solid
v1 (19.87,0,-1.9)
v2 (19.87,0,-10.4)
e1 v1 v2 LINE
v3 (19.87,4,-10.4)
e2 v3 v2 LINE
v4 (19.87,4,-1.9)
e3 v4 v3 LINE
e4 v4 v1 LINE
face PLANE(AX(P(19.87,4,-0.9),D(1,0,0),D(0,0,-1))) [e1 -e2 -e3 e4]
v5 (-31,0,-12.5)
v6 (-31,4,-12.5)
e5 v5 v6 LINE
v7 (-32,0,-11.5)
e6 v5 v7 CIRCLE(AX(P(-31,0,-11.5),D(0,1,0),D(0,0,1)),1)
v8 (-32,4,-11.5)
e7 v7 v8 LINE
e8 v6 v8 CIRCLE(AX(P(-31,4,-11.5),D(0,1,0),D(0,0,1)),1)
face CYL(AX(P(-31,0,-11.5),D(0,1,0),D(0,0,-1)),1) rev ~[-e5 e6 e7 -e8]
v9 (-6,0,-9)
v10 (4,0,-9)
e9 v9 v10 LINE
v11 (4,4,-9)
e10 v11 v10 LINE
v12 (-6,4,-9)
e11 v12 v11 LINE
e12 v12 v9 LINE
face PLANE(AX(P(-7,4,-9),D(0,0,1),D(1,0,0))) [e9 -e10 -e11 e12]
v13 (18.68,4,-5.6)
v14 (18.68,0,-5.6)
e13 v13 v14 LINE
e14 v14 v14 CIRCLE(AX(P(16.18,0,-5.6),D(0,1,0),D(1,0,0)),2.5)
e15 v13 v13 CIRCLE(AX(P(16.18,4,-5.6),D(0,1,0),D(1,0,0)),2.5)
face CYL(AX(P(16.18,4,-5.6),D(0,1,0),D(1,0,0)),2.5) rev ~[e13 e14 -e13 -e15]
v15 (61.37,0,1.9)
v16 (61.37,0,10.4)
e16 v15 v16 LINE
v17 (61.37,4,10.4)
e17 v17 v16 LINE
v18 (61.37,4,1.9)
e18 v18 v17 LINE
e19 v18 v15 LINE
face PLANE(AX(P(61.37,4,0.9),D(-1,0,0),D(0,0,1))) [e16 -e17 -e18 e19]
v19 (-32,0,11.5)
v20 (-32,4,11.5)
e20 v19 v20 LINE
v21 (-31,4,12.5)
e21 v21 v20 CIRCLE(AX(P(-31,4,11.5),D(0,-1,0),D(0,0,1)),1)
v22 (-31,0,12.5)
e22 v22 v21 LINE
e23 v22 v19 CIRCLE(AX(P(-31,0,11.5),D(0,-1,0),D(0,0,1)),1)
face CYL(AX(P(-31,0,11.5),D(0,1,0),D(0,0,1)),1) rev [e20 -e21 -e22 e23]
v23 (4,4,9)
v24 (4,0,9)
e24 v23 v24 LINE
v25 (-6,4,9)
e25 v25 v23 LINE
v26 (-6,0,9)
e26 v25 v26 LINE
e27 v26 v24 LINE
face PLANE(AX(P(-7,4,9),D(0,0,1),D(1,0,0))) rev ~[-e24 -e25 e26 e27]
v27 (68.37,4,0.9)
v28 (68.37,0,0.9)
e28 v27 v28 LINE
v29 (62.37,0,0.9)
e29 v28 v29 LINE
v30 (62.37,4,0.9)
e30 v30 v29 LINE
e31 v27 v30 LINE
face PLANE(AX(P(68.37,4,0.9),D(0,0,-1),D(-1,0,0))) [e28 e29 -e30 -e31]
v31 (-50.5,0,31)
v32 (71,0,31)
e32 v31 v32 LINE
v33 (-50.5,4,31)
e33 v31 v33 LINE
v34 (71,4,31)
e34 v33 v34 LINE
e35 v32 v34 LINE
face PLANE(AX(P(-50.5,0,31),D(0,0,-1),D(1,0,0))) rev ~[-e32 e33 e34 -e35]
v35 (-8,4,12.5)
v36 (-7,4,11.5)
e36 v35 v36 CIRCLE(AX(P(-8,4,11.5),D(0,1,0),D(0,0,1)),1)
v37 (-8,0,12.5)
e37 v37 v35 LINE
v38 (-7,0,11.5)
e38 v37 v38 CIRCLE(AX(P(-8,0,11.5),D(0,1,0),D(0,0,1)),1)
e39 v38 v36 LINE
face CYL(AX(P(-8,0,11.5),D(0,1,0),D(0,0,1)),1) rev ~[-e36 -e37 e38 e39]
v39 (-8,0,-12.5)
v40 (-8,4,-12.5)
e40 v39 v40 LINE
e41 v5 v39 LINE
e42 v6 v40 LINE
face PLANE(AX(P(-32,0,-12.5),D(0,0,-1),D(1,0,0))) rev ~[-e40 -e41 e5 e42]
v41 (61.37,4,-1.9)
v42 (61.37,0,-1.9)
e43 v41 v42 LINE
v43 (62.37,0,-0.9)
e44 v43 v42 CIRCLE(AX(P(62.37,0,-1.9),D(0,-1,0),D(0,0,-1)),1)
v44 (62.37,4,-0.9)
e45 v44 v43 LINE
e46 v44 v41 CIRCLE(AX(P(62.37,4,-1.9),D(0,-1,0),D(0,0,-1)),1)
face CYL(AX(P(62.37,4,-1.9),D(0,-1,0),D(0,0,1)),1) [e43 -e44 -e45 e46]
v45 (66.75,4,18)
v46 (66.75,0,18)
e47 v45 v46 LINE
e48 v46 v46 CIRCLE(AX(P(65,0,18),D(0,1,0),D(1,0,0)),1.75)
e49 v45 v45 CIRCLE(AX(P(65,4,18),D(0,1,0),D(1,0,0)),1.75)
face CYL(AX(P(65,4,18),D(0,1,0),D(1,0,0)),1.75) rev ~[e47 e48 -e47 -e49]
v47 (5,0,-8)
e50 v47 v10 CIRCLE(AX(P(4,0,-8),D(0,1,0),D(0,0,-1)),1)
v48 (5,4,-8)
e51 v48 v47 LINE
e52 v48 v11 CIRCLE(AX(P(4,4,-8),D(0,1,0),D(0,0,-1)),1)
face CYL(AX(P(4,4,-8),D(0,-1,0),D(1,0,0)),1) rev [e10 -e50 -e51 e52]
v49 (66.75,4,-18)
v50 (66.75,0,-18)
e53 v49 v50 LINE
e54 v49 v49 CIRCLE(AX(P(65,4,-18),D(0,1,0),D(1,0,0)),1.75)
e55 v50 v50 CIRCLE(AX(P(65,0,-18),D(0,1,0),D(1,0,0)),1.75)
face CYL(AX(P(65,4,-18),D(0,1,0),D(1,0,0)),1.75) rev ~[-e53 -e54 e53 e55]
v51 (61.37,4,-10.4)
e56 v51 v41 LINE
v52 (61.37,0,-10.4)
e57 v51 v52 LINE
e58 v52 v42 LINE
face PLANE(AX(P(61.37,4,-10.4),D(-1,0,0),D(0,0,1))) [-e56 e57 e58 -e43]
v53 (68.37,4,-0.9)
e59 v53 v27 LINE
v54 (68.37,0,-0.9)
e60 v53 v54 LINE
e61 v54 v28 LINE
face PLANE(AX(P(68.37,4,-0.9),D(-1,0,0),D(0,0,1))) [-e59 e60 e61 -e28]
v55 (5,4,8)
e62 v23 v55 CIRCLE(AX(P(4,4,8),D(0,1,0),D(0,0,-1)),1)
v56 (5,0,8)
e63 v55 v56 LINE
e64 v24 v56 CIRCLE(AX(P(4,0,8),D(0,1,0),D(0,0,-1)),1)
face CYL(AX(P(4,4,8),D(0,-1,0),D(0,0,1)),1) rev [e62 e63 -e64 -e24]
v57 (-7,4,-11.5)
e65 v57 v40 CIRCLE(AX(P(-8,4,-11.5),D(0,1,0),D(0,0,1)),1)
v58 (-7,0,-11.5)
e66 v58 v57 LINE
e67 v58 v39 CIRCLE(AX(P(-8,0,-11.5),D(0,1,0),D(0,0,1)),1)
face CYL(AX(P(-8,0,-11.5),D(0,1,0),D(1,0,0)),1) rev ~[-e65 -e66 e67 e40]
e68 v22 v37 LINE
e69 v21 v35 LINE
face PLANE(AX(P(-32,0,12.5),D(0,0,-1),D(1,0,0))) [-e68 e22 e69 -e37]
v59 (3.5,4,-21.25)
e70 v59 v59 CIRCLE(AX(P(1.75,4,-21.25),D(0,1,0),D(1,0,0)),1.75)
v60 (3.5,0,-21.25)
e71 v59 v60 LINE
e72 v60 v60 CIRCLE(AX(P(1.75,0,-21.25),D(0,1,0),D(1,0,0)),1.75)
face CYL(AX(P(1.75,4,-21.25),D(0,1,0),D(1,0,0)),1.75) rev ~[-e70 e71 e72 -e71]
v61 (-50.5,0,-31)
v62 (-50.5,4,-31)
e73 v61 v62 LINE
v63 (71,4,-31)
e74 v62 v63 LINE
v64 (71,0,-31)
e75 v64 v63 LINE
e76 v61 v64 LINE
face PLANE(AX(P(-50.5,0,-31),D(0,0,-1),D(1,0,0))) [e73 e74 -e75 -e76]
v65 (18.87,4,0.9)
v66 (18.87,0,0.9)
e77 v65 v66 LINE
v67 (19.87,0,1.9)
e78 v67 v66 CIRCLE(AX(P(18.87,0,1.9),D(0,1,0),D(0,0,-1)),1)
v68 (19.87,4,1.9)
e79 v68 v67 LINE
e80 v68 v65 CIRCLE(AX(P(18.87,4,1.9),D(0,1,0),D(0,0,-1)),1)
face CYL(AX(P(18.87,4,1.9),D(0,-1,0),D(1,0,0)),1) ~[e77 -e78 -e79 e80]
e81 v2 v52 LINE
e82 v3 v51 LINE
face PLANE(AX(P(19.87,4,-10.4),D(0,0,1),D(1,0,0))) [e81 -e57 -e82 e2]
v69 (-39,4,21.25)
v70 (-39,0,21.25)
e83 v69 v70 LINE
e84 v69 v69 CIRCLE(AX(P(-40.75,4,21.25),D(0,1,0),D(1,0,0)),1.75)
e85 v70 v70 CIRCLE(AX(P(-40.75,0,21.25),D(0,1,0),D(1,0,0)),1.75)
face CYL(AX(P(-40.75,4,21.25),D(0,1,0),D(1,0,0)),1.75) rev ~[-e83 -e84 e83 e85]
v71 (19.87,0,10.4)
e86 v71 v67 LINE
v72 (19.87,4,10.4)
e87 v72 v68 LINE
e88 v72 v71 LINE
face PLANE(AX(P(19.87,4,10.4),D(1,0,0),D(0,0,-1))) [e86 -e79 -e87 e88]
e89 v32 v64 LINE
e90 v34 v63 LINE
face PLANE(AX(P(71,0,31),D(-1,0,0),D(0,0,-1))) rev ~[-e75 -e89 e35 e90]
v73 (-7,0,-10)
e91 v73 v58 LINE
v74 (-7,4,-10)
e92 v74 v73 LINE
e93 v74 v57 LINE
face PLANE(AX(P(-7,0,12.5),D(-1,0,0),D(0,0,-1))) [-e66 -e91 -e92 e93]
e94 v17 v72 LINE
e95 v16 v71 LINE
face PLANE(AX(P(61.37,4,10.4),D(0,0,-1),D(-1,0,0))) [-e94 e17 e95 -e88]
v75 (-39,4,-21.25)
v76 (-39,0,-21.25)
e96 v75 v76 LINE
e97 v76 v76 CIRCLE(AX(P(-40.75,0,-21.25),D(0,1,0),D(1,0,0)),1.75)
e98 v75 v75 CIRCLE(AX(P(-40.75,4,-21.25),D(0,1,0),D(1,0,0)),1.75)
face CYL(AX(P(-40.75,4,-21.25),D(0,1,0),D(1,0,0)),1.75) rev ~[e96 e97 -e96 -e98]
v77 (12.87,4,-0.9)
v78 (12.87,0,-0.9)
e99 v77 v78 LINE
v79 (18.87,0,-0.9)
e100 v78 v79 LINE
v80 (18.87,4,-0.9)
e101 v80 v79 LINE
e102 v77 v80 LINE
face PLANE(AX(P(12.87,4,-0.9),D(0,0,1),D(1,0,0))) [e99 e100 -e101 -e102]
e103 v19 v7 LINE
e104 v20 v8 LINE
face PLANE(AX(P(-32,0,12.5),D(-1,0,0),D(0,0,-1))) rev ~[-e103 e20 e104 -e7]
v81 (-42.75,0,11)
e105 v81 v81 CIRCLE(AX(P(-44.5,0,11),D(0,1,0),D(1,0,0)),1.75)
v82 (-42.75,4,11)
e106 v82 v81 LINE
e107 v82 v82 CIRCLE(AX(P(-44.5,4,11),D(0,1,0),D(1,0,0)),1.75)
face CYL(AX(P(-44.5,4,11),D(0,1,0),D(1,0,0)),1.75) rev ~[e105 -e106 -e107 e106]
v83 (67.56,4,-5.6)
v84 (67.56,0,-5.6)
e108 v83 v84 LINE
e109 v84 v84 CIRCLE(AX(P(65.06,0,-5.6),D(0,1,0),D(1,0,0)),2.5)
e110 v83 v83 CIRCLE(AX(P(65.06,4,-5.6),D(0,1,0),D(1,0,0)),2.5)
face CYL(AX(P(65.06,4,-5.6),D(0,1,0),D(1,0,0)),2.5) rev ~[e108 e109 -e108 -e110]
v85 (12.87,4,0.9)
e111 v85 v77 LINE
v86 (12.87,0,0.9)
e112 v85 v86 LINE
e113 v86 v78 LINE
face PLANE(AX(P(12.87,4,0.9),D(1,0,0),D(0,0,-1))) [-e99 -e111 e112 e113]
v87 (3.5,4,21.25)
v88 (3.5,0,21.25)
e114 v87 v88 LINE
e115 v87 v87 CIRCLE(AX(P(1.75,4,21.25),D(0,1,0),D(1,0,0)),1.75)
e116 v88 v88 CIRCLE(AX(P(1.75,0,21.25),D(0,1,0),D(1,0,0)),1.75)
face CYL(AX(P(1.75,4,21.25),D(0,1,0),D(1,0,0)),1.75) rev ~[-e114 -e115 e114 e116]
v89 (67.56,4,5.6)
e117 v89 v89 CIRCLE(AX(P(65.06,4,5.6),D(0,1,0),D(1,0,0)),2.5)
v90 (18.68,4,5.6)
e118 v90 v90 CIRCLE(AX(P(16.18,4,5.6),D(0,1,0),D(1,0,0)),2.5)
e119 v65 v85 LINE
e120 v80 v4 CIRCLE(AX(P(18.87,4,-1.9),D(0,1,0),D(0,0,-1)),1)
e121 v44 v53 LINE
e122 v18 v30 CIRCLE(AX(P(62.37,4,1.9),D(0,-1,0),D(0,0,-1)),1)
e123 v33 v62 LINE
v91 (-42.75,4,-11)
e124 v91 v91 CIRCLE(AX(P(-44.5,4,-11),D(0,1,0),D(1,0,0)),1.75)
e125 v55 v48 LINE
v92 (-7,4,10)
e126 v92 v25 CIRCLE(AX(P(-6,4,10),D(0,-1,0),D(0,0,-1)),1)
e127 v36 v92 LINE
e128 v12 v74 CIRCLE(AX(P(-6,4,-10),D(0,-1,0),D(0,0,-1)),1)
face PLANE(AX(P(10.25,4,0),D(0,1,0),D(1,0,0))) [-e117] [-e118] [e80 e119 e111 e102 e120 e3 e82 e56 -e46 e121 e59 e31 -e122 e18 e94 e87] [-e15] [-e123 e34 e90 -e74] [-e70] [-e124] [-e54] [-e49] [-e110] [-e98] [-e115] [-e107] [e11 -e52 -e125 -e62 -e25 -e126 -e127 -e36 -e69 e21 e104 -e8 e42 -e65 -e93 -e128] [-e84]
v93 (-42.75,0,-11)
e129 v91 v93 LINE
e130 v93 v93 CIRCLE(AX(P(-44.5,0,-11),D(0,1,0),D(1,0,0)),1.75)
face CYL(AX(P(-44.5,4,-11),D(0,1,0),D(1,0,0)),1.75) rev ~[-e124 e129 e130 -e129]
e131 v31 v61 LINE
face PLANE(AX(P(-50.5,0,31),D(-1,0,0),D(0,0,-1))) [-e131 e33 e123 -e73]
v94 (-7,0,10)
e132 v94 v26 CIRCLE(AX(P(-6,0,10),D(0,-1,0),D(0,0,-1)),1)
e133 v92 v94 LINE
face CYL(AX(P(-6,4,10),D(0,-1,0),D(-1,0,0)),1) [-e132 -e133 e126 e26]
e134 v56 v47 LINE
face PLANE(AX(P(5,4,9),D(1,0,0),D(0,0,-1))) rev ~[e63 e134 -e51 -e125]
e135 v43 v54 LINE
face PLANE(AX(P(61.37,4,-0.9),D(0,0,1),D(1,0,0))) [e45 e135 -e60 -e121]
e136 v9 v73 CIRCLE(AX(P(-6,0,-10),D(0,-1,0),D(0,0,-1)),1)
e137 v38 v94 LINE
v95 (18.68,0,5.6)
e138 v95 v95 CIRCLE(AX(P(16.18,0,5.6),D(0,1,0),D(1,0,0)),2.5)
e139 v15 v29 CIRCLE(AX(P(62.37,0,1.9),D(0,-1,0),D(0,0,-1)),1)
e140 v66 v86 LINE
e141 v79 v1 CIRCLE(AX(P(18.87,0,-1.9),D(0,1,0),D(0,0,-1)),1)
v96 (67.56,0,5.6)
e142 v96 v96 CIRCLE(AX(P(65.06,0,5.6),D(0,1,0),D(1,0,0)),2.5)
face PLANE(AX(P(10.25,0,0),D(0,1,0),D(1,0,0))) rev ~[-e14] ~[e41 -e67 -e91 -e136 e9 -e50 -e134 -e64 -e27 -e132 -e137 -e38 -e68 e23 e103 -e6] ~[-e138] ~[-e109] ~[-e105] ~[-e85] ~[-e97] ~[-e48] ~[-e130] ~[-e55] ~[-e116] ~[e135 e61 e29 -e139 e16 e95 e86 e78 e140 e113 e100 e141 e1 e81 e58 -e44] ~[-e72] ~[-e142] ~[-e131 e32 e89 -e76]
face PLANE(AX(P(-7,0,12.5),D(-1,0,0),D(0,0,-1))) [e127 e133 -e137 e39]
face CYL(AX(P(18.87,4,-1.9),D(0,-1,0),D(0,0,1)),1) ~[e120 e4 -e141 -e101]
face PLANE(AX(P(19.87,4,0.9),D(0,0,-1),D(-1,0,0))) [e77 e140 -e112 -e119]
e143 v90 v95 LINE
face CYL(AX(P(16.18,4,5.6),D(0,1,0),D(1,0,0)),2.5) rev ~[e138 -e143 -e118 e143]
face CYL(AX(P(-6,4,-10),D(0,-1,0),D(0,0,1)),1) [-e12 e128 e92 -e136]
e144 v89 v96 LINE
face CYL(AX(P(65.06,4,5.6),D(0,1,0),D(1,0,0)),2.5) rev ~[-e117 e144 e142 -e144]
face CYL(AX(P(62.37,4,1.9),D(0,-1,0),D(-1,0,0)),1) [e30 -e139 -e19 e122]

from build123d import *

# Parameters (mm, degrees)
SKETCH1_W           = 121.5
SKETCH1_H           = 62
SKETCH1_W_2         = 25
SKETCH1_H_2         = 25
BOSS_EXTRUDE1_DEPTH = 4
SKETCH2_R           = 2.5
CUT_EXTRUDE1_DEPTH  = 5
SKETCH3_R           = 1.75
CUT_EXTRUDE2_DEPTH  = 5
SKETCH4_W           = 12
SKETCH4_H           = 18
CUT_EXTRUDE3_DEPTH  = 5
FILLET1_R           = 1


with BuildPart() as part:
    # Sketch1 → Boss-Extrude1 (new body)
    with BuildSketch(Plane(origin=(0, 0, 0), x_dir=(1, 0, 0), z_dir=(0, 1, 0))):
        with Locations((10.25, 0)):
            Rectangle(SKETCH1_W, SKETCH1_H)
        with Locations((-19.5, 0)):
            Rectangle(SKETCH1_W_2, SKETCH1_H_2, mode=Mode.SUBTRACT)
    extrude(amount=BOSS_EXTRUDE1_DEPTH)

    # Sketch2 → Cut-Extrude1 (cut, through all)
    with BuildSketch(Plane(origin=(0, 4, 0), x_dir=(1, 0, 0), z_dir=(0, 1, 0))):
        with Locations((16.18, 5.6)):
            Circle(SKETCH2_R)
        with Locations((16.18, -5.6)):
            Circle(SKETCH2_R)
        with Locations((65.06, -5.6)):
            Circle(SKETCH2_R)
        with Locations((65.06, 5.6)):
            Circle(SKETCH2_R)
        Polygon((19.87, -0.9), (12.87, -0.9), (12.87, 0.9), (19.87, 0.9), (19.87, 10.4), (61.37, 10.4), (61.37, 0.9), (68.37, 0.9), (68.37, -0.9), (61.37, -0.9), (61.37, -10.4), (19.87, -10.4), align=None)
    extrude(amount=-CUT_EXTRUDE1_DEPTH, mode=Mode.SUBTRACT)

    # Sketch3 → Cut-Extrude2 (cut, through all)
    with BuildSketch(Plane(origin=(0, 4, 0), x_dir=(1, 0, 0), z_dir=(0, 1, 0))):
        with Locations((-40.75, -21.25)):
            Circle(SKETCH3_R)
        with Locations((-44.5, -11)):
            Circle(SKETCH3_R)
        with Locations((1.75, -21.25)):
            Circle(SKETCH3_R)
        with Locations((1.75, 21.25)):
            Circle(SKETCH3_R)
        with Locations((65, 18)):
            Circle(SKETCH3_R)
        with Locations((65, -18)):
            Circle(SKETCH3_R)
        with Locations((-44.5, 11)):
            Circle(SKETCH3_R)
        with Locations((-40.75, 21.25)):
            Circle(SKETCH3_R)
    extrude(amount=-CUT_EXTRUDE2_DEPTH, mode=Mode.SUBTRACT)

    # Sketch4 → Cut-Extrude3 (cut, through all)
    with BuildSketch(Plane(origin=(0, 4, 0), x_dir=(1, 0, 0), z_dir=(0, 1, 0))):
        with Locations((-1, 0)):
            Rectangle(SKETCH4_W, SKETCH4_H)
    extrude(amount=-CUT_EXTRUDE3_DEPTH, mode=Mode.SUBTRACT)

    # Fillet1
    fillet1_edges = [part.edges().sort_by_distance(p)[0] for p in [
        (-7, 2, 9),
        (-7, 2, -9),
        (5, 2, -9),
        (5, 2, 9),
        (-32, 2, -12.5),
        (-32, 2, 12.5),
        (-7, 2, 12.5),
        (-7, 2, -12.5),
        (19.87, 2, -0.9),
        (61.37, 2, -0.9),
        (61.37, 2, 0.9),
        (19.87, 2, 0.9),
    ]]
    fillet(fillet1_edges, radius=FILLET1_R)


solid = part.part
